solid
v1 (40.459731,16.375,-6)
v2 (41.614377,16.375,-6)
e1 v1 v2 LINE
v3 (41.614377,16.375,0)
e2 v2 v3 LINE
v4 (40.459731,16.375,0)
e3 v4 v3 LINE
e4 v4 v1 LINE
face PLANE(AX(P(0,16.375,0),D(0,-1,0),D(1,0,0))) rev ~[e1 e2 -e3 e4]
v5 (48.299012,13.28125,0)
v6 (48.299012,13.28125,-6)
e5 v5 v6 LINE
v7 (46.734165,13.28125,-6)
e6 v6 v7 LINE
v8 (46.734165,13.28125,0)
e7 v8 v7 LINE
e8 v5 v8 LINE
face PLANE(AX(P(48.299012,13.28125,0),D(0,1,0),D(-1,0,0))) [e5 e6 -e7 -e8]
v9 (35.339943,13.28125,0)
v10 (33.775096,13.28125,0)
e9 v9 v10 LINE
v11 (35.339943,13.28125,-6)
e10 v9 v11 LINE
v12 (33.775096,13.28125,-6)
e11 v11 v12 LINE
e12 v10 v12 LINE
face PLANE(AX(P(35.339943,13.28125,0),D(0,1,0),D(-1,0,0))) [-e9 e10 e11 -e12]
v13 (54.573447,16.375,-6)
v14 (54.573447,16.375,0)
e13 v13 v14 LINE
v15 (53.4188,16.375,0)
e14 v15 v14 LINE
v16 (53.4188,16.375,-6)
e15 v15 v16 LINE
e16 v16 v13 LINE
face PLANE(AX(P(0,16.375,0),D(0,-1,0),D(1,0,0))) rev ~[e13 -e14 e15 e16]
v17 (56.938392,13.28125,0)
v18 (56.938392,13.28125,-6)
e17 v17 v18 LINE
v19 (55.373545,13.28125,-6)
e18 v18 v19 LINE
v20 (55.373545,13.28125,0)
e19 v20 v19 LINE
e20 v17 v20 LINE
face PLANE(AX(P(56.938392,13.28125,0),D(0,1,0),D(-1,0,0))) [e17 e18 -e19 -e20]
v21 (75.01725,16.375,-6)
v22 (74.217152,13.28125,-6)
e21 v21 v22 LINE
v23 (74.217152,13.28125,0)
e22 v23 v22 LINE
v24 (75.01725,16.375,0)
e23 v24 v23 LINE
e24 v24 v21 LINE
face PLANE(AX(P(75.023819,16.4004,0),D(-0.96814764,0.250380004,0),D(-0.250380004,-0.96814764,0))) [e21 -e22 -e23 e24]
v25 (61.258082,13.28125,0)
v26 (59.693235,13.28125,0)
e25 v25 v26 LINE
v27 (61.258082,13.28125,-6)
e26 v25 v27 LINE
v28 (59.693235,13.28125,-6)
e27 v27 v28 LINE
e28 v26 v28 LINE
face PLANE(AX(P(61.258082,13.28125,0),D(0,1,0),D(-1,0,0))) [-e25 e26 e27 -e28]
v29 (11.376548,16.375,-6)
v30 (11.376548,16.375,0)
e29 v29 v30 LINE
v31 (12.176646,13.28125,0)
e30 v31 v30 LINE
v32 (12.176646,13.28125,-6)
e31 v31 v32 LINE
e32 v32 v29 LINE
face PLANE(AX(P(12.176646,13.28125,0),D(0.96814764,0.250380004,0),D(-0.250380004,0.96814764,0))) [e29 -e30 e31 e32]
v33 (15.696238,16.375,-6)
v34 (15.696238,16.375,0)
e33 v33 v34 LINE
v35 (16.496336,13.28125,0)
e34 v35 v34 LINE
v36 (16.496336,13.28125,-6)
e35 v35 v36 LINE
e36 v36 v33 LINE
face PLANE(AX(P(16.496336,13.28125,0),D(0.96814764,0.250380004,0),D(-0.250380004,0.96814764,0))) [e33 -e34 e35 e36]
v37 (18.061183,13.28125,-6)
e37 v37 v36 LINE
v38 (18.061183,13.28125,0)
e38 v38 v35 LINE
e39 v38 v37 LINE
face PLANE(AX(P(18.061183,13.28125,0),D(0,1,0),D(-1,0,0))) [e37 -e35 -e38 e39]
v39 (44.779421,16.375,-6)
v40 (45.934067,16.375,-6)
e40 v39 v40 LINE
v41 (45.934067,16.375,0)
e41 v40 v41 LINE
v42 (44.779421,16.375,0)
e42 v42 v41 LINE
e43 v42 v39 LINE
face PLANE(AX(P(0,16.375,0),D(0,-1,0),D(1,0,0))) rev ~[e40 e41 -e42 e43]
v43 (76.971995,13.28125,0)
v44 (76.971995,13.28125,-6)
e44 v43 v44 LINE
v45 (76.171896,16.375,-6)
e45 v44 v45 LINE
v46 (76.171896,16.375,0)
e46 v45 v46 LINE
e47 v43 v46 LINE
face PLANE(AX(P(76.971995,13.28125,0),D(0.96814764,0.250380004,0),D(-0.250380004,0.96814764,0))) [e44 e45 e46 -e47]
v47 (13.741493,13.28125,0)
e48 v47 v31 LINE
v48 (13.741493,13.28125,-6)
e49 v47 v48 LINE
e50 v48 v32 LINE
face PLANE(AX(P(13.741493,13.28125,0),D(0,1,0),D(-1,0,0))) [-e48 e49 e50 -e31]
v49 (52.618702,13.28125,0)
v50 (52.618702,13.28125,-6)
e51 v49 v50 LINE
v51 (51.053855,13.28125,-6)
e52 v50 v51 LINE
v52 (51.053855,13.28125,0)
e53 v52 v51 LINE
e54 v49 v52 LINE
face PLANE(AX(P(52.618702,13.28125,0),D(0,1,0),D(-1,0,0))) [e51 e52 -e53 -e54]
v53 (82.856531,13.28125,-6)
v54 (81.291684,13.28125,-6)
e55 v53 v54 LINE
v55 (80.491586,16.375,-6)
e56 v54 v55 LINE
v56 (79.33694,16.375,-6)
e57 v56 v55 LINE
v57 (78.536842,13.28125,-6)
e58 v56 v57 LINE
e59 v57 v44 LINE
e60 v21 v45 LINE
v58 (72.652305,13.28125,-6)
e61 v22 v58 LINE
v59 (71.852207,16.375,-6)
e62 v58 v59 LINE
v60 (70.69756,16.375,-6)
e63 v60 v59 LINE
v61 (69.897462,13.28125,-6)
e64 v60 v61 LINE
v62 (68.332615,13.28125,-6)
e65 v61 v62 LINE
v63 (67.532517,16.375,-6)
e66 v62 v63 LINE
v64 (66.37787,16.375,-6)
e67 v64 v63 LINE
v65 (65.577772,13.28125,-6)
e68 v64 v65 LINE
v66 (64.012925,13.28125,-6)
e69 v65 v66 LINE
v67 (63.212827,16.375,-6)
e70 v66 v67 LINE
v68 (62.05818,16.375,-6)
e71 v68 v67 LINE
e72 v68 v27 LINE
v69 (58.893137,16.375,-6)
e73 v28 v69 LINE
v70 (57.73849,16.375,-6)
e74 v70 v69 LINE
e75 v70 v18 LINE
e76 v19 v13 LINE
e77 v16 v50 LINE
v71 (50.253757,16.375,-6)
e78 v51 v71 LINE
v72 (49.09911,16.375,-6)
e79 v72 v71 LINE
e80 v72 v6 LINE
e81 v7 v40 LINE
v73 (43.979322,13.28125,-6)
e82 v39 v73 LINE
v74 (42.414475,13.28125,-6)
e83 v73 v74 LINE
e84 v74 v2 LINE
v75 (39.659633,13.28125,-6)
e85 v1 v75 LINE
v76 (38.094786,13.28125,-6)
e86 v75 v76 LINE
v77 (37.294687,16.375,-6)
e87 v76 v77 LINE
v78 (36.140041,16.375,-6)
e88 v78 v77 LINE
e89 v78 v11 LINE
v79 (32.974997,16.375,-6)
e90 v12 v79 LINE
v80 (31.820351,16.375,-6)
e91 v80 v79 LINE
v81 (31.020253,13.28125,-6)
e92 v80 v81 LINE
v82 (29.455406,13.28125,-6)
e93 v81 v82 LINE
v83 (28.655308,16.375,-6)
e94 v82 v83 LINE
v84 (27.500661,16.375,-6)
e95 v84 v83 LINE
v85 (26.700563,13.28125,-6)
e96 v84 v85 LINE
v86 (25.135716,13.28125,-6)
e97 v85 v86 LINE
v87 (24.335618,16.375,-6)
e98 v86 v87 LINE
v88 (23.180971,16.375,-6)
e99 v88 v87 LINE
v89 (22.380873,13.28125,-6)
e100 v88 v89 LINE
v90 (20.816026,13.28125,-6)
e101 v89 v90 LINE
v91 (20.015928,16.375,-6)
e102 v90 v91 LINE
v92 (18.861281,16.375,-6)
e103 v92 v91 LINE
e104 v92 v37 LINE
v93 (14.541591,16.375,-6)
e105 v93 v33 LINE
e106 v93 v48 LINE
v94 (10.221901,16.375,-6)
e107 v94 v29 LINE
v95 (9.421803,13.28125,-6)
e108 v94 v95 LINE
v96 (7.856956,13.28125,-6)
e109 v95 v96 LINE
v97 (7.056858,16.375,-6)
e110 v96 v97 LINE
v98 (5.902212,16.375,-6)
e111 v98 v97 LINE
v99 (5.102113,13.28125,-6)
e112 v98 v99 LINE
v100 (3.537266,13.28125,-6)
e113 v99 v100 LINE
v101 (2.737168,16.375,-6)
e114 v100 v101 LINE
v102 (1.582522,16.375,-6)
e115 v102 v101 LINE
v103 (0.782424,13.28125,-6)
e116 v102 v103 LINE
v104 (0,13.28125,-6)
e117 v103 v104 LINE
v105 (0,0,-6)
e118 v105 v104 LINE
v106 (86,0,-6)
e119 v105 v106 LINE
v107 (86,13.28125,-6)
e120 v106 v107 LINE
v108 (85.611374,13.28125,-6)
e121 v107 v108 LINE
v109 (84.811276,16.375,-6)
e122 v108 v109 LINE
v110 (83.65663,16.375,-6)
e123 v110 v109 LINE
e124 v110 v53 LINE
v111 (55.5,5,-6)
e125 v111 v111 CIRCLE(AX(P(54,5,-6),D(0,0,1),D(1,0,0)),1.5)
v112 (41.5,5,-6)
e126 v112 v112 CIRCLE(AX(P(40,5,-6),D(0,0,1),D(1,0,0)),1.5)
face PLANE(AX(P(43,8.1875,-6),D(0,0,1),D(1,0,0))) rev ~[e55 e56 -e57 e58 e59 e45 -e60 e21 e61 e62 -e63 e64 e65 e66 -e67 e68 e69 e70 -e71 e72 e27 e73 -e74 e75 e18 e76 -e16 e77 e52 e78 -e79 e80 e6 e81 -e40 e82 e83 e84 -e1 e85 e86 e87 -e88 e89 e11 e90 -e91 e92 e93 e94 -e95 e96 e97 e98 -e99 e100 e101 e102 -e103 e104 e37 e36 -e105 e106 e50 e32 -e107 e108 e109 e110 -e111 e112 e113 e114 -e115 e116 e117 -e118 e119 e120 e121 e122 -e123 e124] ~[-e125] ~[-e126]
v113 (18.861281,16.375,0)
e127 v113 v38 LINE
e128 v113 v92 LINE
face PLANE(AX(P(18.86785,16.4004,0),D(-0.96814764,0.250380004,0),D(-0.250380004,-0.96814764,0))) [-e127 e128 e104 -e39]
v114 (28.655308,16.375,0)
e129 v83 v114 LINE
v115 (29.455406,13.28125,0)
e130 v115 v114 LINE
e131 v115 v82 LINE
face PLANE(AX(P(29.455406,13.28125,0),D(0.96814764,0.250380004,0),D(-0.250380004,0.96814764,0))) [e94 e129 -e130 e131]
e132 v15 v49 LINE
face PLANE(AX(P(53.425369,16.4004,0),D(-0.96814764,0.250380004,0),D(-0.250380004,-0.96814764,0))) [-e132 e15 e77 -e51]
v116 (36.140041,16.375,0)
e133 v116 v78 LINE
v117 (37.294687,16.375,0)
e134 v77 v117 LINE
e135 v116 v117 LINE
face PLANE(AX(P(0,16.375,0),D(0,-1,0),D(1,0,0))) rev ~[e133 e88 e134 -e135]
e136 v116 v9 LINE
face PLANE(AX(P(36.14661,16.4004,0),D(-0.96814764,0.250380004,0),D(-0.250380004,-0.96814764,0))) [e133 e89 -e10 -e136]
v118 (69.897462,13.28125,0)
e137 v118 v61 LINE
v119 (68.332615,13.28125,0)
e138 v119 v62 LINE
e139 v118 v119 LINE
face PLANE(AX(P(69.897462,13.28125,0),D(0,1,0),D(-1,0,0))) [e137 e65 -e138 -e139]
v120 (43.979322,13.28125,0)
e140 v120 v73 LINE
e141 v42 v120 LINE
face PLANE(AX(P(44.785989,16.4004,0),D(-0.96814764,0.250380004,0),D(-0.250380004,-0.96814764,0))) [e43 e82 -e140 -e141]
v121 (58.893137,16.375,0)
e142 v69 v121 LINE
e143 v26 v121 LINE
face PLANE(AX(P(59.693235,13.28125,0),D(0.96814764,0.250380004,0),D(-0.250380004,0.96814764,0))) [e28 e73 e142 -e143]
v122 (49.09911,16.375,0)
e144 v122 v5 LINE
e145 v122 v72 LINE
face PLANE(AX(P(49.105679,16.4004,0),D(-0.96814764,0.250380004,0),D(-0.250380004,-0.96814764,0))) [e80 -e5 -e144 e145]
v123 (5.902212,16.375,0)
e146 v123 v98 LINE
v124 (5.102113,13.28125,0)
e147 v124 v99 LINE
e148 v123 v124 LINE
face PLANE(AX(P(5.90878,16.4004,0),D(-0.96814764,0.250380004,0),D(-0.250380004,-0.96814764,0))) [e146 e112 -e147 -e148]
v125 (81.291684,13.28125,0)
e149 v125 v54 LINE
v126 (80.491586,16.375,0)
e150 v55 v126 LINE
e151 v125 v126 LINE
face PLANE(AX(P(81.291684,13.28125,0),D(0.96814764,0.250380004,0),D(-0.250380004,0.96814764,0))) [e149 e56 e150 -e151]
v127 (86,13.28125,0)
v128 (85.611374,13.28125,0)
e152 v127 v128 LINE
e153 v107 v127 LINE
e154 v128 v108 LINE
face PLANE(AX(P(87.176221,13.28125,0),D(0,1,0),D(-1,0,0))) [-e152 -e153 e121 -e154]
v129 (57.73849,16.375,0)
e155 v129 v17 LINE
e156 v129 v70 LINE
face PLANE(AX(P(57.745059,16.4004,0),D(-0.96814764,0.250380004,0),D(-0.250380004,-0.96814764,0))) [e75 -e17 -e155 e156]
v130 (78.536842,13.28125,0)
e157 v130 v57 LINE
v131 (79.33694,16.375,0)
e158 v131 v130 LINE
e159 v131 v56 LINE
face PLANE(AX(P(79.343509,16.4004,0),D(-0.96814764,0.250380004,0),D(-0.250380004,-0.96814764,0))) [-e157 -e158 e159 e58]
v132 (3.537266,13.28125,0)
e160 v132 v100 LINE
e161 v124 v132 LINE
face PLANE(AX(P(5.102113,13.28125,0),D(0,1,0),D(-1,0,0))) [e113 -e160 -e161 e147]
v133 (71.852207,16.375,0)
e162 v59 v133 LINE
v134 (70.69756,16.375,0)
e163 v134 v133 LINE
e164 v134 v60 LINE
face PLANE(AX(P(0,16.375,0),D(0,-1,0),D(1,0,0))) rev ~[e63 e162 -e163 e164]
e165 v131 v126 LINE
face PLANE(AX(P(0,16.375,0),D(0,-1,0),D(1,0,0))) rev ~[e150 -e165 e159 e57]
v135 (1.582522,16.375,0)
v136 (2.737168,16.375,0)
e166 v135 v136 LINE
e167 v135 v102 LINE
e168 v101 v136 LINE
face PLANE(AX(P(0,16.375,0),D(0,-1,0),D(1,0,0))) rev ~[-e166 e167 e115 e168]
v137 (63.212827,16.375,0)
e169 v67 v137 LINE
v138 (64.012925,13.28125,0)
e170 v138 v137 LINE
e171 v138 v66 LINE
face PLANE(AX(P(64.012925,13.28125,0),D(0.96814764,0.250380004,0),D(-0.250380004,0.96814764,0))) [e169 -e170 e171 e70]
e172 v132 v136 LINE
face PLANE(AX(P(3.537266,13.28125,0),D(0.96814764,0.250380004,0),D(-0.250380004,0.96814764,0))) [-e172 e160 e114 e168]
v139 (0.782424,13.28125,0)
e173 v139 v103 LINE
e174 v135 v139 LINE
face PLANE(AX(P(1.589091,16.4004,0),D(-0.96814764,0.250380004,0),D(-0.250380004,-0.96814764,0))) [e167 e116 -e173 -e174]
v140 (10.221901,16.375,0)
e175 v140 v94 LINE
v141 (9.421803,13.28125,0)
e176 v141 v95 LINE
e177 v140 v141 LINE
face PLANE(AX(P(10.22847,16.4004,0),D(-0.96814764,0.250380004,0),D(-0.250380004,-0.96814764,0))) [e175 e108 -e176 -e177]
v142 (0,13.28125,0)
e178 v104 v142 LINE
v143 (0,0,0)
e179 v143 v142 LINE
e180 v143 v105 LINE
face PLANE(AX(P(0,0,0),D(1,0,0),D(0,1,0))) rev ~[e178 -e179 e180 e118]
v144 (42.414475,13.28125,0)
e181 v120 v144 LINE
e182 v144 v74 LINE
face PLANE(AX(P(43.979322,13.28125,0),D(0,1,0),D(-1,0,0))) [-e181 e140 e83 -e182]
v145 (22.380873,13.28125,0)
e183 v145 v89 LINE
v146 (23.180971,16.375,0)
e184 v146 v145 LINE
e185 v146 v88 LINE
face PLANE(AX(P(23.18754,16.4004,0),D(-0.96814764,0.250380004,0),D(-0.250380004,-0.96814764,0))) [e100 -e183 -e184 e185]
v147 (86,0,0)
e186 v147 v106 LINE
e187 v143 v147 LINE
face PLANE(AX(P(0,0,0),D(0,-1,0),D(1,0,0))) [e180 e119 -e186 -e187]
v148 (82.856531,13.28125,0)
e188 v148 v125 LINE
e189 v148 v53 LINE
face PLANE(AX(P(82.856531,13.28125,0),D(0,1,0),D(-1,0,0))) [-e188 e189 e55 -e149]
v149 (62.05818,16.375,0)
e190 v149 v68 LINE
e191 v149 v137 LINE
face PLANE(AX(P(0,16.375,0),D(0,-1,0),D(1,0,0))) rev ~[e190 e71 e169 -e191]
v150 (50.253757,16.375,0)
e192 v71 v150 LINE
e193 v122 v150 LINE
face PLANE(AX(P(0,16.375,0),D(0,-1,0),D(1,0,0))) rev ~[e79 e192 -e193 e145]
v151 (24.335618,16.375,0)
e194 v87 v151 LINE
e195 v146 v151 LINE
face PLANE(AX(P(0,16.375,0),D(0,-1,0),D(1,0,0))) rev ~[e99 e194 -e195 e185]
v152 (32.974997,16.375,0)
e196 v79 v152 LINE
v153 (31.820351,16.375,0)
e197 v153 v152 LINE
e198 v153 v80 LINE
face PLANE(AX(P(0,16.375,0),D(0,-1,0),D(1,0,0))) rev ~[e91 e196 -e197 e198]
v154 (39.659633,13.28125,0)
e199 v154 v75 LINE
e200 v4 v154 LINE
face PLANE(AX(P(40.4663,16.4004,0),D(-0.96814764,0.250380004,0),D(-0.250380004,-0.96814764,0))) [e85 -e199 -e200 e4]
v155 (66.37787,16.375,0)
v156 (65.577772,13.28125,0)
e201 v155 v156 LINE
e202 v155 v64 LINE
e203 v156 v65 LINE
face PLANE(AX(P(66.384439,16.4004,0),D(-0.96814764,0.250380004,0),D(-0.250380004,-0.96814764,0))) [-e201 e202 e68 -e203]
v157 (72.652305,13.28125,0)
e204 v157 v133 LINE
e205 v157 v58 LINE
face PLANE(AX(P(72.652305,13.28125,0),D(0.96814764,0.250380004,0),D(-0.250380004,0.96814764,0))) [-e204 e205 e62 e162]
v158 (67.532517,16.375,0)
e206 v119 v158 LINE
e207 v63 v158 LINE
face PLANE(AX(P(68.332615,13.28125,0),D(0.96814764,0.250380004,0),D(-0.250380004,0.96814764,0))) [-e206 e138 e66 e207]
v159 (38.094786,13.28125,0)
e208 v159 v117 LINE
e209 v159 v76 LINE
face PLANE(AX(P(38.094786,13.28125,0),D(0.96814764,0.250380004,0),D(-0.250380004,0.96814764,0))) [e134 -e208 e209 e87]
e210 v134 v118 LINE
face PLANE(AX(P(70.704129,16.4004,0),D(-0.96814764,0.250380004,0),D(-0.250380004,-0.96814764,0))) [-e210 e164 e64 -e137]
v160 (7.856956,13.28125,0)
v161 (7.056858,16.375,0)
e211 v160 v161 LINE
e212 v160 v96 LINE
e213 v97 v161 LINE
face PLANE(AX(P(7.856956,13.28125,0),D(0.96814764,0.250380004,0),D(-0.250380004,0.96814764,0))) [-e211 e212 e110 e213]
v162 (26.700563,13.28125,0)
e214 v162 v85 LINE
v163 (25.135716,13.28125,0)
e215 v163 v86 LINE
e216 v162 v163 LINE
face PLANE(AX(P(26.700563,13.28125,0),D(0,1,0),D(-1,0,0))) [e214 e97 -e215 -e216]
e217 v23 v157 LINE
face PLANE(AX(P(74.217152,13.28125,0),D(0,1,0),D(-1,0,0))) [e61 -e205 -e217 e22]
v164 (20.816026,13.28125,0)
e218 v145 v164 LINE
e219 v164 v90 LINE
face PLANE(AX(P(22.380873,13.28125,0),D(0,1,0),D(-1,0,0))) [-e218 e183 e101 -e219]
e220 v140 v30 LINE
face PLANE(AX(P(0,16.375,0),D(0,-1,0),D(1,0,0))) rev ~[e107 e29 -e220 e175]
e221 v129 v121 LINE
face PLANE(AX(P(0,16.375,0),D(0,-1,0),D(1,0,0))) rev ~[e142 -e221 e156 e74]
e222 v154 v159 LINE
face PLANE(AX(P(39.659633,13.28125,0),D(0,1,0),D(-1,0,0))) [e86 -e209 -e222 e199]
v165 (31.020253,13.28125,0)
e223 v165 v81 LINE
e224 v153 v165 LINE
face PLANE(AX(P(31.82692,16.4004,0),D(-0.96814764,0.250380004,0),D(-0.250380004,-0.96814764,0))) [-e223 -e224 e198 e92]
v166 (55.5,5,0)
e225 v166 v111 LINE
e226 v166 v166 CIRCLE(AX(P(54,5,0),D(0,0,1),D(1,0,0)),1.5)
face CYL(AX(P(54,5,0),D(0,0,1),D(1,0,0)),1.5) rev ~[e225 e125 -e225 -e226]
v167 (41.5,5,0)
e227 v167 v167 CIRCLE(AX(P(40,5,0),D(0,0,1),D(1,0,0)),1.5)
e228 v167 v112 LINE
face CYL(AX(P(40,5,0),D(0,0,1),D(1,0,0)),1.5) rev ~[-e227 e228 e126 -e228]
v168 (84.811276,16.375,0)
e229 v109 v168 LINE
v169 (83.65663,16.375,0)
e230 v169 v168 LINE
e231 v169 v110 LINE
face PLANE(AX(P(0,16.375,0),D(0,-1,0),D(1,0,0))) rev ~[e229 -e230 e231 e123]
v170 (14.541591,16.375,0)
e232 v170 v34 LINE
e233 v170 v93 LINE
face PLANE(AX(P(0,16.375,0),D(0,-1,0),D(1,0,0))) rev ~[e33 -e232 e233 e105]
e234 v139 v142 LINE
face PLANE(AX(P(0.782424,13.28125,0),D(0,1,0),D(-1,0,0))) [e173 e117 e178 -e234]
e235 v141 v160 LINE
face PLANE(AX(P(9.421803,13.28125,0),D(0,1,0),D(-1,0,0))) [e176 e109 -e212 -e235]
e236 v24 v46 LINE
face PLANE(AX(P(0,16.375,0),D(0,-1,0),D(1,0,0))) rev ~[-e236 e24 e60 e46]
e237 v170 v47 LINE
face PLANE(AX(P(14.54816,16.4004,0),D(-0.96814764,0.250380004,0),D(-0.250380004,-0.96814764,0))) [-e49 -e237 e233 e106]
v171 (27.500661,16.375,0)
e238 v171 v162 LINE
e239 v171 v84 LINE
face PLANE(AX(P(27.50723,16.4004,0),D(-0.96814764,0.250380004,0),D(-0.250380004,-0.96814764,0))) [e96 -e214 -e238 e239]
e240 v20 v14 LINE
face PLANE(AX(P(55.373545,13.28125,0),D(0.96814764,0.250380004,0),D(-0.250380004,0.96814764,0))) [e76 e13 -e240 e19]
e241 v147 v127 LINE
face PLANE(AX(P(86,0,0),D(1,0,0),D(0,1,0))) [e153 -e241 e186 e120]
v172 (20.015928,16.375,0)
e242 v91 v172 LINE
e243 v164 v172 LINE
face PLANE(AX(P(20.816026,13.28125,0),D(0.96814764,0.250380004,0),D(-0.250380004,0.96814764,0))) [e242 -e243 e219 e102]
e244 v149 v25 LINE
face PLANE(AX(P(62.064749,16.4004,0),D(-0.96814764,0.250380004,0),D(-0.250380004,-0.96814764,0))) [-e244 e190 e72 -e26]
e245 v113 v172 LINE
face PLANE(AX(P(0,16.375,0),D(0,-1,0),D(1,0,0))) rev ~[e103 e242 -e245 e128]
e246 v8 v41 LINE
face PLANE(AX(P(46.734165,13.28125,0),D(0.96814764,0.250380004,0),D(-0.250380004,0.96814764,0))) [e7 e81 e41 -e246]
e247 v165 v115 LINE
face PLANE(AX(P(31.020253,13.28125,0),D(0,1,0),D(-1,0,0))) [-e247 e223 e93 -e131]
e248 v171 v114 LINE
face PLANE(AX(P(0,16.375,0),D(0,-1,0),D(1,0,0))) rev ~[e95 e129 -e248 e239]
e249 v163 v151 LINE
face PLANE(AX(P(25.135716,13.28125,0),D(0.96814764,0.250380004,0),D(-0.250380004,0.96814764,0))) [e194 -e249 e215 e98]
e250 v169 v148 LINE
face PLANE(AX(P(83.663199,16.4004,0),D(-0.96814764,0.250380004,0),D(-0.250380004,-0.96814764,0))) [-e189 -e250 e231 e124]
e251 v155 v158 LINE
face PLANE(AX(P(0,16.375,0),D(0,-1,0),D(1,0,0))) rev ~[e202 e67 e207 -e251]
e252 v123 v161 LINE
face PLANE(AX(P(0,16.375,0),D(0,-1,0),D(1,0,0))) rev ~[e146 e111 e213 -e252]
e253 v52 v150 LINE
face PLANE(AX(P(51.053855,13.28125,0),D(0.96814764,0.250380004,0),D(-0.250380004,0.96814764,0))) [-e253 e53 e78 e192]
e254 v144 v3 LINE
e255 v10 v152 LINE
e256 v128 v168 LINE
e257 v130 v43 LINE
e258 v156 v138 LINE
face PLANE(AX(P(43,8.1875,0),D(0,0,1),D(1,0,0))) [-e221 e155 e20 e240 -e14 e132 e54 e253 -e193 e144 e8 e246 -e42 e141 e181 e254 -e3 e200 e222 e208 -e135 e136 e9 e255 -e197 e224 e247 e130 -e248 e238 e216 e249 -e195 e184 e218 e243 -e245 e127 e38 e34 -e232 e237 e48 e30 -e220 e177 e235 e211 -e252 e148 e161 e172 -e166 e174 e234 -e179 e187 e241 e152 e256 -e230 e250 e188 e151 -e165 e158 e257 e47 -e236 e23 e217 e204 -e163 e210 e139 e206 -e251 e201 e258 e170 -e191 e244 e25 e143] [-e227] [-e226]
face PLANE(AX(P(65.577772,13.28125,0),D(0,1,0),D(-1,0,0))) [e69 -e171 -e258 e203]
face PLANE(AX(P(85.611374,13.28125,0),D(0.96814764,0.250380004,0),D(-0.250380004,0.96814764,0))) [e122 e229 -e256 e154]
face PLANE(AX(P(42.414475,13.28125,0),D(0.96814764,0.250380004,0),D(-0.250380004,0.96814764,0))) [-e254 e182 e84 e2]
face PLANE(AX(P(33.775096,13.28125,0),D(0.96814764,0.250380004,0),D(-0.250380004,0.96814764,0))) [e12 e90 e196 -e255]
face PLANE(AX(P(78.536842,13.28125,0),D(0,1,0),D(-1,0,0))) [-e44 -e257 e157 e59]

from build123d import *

# Parameters (mm, degrees)
BLANKSKE_W              = 86
BLANKSKE_H              = 16.375
BLANK_DEPTH             = 6
TOOTHCUTSIM_DEPTH       = 88.750445156
TEETHCUTS_COUNT         = 21
TEETHCUTS_PITCH         = 4.319689894
ESQUISSE1_R             = 1.5
ENL_V_MAT_EXTRU_1_DEPTH = 88.750445156


with BuildPart() as part:
    # BlankSke → Blank (new body)
    with BuildSketch(Plane.XY):
        with Locations((43, 8.1875)):
            Rectangle(BLANKSKE_W, BLANKSKE_H)
    extrude(amount=-BLANK_DEPTH)

    # TooCutSkeSim → ToothCutSim (cut, through all)
    with BuildSketch(Plane.XY):
        Polygon((0.7824235, 13.28125), (-0.7824235, 13.28125), (-1.589090539, 16.4004), (1.589090539, 16.4004), align=None)
    toothcutsim = extrude(amount=-TOOTHCUTSIM_DEPTH, mode=Mode.SUBTRACT)

    # TeethCuts: ToothCutSim ×21
    with Locations(*[(i * TEETHCUTS_PITCH, 0, 0) for i in range(1, TEETHCUTS_COUNT)]):
        add(toothcutsim, mode=Mode.SUBTRACT)

    # Esquisse1 → Enlèv. mat.-Extru.1 (cut, through all)
    with BuildSketch(Plane.XY):
        with Locations((40, 5)):
            Circle(ESQUISSE1_R)
        with Locations((54, 5)):
            Circle(ESQUISSE1_R)
    extrude(amount=-ENL_V_MAT_EXTRU_1_DEPTH, mode=Mode.SUBTRACT)


solid = part.part
